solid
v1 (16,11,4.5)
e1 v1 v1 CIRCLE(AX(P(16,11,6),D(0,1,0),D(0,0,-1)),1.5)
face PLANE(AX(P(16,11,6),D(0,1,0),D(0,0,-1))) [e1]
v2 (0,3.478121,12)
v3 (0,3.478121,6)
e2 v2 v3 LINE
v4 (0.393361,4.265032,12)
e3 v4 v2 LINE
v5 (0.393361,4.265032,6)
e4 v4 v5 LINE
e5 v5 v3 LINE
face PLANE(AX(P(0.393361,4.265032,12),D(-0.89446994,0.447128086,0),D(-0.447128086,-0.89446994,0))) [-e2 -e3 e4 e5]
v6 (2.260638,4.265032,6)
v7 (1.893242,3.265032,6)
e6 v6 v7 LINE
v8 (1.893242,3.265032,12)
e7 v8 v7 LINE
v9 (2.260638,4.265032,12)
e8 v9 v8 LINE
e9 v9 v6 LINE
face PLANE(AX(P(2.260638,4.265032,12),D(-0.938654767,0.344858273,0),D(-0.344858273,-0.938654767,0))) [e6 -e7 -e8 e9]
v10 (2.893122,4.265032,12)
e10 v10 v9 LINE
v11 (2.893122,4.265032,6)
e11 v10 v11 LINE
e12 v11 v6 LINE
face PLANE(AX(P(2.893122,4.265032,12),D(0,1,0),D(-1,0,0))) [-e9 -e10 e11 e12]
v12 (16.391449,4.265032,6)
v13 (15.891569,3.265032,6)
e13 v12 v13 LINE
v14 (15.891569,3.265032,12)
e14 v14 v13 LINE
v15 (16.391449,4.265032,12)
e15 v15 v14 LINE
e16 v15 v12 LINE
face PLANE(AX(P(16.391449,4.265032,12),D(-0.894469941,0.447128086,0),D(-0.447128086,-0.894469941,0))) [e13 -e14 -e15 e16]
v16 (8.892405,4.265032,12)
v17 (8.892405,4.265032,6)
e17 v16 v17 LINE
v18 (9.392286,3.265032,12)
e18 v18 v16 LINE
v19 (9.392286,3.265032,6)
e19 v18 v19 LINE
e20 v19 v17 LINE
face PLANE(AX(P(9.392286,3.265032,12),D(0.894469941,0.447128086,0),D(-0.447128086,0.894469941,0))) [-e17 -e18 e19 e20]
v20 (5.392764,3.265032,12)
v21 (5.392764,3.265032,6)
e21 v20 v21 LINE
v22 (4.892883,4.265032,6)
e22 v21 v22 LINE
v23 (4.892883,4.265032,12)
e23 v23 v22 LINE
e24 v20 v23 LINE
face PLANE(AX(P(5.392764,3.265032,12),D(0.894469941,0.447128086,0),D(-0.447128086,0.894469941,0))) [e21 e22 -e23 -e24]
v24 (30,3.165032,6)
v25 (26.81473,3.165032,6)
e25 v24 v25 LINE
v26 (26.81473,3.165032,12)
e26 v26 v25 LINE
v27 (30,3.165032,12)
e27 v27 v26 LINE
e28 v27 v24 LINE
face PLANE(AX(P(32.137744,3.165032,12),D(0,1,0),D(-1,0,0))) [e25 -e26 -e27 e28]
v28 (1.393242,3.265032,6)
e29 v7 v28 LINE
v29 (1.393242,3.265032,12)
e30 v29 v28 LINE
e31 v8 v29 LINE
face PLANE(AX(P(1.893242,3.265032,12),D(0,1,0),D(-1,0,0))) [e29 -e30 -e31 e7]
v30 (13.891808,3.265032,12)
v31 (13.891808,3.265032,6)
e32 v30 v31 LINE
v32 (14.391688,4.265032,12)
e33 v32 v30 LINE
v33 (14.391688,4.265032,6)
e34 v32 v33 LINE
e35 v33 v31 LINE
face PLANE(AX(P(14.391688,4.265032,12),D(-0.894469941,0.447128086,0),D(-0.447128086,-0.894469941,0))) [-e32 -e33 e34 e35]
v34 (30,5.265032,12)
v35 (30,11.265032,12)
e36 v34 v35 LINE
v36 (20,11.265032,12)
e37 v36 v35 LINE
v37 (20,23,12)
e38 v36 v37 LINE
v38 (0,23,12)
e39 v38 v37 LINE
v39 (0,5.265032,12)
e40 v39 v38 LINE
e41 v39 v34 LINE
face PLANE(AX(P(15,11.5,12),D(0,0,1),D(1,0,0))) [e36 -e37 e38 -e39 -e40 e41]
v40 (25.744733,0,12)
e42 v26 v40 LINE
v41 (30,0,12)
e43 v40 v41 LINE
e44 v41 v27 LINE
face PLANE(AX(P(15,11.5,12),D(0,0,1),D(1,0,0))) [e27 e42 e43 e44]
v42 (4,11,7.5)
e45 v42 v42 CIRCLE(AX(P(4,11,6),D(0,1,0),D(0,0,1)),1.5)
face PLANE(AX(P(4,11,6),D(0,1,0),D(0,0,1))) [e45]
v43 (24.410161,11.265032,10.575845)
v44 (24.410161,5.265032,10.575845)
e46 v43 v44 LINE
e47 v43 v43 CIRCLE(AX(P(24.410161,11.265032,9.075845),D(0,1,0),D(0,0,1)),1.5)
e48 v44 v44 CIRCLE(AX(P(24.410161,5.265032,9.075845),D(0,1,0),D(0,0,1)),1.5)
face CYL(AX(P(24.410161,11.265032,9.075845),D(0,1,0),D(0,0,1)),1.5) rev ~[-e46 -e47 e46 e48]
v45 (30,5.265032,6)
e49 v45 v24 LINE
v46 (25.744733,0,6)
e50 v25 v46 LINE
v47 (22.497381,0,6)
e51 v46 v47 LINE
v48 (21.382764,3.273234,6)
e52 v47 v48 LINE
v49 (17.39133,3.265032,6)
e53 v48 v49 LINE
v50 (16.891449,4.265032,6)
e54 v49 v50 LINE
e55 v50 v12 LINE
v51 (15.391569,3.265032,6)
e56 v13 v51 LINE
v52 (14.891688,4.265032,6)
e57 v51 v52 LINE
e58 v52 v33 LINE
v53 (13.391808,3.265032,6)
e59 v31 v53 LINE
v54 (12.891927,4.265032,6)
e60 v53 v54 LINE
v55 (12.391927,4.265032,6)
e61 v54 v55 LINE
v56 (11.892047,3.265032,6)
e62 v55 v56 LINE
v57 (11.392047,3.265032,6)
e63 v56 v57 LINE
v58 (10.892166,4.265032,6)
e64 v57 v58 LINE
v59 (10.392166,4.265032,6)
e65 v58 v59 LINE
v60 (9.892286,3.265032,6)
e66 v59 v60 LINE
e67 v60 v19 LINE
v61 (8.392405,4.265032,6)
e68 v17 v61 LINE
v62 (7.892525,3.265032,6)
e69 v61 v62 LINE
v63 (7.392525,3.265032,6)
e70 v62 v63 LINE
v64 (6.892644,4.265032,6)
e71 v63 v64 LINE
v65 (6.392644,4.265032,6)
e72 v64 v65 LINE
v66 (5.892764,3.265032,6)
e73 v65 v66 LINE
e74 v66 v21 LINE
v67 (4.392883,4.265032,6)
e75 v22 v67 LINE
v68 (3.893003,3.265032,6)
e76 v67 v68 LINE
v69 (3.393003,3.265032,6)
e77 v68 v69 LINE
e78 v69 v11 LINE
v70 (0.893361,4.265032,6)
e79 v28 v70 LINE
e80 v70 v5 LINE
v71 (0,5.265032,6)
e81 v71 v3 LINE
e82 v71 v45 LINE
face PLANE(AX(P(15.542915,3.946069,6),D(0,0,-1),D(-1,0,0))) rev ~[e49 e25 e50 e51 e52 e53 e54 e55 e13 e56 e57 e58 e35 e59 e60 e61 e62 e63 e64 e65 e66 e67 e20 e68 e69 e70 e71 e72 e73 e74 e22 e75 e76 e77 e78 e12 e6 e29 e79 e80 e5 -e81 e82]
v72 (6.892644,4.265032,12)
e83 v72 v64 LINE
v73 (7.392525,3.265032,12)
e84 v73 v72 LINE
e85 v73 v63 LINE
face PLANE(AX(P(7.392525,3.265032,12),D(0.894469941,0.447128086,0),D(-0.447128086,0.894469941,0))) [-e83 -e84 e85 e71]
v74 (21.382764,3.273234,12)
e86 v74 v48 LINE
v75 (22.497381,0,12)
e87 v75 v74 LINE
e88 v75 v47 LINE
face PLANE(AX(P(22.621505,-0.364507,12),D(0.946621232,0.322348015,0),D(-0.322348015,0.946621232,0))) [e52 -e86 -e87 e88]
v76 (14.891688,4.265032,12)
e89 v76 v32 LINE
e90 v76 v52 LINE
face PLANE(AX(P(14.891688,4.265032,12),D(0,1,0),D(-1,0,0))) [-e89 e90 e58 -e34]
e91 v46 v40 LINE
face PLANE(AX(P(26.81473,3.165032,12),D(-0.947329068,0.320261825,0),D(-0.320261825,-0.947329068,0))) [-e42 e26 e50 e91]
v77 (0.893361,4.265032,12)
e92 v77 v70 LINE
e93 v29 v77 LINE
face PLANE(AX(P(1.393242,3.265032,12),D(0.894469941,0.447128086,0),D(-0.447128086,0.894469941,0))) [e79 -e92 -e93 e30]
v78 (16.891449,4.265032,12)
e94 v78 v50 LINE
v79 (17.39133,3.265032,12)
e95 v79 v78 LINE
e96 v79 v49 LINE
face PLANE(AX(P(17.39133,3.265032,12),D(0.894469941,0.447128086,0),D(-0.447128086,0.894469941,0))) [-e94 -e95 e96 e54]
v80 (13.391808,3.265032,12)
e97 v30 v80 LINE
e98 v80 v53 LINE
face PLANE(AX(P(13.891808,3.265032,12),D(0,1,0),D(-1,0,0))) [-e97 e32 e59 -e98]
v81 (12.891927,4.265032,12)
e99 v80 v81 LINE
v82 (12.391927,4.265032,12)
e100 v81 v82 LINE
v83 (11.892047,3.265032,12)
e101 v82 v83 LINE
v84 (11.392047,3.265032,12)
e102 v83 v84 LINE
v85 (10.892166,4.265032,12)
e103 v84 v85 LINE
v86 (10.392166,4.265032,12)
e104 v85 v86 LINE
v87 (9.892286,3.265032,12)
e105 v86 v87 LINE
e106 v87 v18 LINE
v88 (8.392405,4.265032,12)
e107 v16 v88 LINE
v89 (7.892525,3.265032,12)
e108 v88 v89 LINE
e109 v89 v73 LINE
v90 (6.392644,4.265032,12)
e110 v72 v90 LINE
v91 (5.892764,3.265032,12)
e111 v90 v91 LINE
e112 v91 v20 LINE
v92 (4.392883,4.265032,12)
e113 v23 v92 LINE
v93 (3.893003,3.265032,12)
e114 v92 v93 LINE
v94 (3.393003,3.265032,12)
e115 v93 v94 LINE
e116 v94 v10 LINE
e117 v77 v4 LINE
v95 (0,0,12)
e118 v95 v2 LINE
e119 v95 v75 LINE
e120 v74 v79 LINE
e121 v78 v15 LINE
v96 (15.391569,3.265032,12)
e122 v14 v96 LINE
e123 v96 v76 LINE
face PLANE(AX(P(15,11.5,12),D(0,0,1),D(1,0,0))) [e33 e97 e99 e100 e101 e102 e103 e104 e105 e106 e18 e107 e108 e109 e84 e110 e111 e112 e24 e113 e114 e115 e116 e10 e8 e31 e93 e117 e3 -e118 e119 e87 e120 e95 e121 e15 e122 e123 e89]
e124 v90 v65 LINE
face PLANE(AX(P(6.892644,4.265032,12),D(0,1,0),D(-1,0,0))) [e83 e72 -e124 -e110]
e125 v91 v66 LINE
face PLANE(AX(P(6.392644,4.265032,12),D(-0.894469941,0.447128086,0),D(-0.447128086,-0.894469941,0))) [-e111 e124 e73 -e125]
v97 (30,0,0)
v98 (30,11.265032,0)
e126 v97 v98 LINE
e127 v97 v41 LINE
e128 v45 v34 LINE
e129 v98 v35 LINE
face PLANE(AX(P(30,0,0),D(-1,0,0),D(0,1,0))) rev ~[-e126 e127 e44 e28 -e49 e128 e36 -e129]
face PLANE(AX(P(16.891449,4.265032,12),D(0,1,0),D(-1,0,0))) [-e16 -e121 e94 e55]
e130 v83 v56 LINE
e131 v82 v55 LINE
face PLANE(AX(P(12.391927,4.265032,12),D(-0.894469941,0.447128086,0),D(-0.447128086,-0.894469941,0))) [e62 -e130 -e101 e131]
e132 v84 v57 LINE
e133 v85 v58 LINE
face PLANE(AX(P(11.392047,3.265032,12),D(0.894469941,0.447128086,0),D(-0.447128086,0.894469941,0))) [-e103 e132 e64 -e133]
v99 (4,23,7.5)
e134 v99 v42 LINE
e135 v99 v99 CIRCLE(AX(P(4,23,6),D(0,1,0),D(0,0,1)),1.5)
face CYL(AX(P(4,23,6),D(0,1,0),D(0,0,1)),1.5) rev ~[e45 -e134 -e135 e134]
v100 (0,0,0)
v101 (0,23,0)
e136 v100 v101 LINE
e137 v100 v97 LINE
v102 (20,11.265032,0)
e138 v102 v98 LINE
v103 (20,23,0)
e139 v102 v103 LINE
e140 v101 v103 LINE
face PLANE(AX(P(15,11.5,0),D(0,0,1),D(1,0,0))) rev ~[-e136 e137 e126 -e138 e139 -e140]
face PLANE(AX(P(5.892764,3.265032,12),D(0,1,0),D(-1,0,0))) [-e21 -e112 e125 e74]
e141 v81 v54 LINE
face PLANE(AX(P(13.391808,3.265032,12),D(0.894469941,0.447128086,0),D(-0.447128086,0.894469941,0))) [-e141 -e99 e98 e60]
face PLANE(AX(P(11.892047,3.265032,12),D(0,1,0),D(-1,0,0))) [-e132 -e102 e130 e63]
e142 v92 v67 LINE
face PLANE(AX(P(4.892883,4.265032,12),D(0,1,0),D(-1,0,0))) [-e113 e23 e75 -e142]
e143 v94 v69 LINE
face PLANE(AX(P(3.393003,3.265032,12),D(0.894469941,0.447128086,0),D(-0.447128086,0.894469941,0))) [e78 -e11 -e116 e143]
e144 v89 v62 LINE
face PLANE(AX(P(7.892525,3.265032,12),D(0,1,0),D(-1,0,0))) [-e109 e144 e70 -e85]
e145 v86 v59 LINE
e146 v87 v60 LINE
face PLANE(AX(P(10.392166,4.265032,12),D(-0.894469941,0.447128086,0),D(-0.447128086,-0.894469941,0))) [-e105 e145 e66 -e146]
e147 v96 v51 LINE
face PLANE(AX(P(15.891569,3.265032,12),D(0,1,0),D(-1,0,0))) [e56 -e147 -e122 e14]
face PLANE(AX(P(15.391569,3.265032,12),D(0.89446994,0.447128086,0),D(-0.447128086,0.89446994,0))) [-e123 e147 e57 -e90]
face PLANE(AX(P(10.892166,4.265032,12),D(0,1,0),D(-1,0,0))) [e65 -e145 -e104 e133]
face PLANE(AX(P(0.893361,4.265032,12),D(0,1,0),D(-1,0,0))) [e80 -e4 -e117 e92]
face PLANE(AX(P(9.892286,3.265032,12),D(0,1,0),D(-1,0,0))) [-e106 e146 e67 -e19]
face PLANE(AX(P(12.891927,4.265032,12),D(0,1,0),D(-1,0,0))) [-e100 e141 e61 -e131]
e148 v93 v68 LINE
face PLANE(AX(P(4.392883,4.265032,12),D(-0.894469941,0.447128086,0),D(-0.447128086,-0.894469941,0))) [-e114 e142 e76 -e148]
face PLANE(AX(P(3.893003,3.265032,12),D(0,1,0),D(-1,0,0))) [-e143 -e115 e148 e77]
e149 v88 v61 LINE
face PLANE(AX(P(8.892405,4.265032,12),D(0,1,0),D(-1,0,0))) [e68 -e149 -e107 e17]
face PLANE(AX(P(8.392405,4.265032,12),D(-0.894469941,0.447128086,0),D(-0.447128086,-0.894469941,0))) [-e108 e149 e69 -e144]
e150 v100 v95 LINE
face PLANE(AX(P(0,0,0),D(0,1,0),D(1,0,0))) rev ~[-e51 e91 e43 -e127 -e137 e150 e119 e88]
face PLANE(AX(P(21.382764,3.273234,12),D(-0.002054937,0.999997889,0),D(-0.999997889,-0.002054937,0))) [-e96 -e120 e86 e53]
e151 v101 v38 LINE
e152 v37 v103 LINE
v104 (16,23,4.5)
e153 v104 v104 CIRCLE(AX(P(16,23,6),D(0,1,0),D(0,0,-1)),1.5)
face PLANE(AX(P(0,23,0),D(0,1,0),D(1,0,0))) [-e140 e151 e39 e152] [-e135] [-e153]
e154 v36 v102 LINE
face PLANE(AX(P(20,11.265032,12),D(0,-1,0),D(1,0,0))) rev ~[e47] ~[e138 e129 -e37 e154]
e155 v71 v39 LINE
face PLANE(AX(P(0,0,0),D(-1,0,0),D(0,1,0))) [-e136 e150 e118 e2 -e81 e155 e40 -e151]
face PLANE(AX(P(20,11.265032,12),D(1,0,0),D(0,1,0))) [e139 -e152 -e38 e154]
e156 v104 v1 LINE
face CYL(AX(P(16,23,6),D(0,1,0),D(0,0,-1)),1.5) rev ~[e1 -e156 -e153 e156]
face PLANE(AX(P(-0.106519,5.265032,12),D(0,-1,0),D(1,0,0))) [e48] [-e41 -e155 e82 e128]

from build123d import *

# Parameters (mm, degrees)
SKETCH_2_W          = 30
SKETCH_2_H          = 23
EXTRUDE_1_DEPTH     = 12
CUT_EXTRUDE_1_DEPTH = 6
SKETCH_4_W          = 15.467270909
SKETCH_4_H          = 13.987209034
CUT_EXTRUDE_2_DEPTH = 40.66106403
SKETCH_5_R          = 1.5
CUT_EXTRUDE_3_DEPTH = 8
SKETCH_6_R          = 1.5
CUT_EXTRUDE_4_DEPTH = 12


with BuildPart() as part:
    # 草图2 → 凸台-拉伸1 (new body)
    with BuildSketch(Plane.XY):
        with Locations((15, 11.5)):
            Rectangle(SKETCH_2_W, SKETCH_2_H)
    extrude(amount=EXTRUDE_1_DEPTH)

    # 草图3 → 切除-拉伸1 (cut)
    with BuildSketch(Plane.XY.offset(12)):
        Polygon((-0.106519248, 5.265031781), (32.137743655, 5.265031781), (32.137743655, 3.165031781), (26.814729775, 3.165031781), (25.621504988, -0.36450698), (22.621504988, -0.36450698), (21.382763952, 3.273233944), (17.391329844, 3.265031781), (16.891449339, 4.265031781), (16.391449339, 4.265031781), (15.891568834, 3.265031781), (15.391568834, 3.265031781), (14.891688328, 4.265031781), (14.391688328, 4.265031781), (13.891807823, 3.265031781), (13.391807823, 3.265031781), (12.891927318, 4.265031781), (12.391927318, 4.265031781), (11.892046813, 3.265031781), (11.392046813, 3.265031781), (10.892166308, 4.265031781), (10.392166308, 4.265031781), (9.892285803, 3.265031781), (9.392285803, 3.265031781), (8.892405298, 4.265031781), (8.392405298, 4.265031781), (7.892524793, 3.265031781), (7.392524793, 3.265031781), (6.892644288, 4.265031781), (6.392644288, 4.265031781), (5.892763783, 3.265031781), (5.392763783, 3.265031781), (4.892883278, 4.265031781), (4.392883278, 4.265031781), (3.893002773, 3.265031781), (3.393002773, 3.265031781), (2.893122268, 4.265031781), (2.260638047, 4.265031781), (1.893241763, 3.265031781), (1.393241763, 3.265031781), (0.893361258, 4.265031781), (0.393361258, 4.265031781), (-0.106519248, 3.265031781), align=None)
    extrude(amount=-CUT_EXTRUDE_1_DEPTH, mode=Mode.SUBTRACT)

    # 草图4 → 切除-拉伸2 (cut, through all)
    with BuildSketch(Plane.XY.offset(12)):
        with Locations((27.733635454, 18.258636298)):
            Rectangle(SKETCH_4_W, SKETCH_4_H)
    extrude(amount=-CUT_EXTRUDE_2_DEPTH, mode=Mode.SUBTRACT)

    # 草图5 → 切除-拉伸3 (cut)
    with BuildSketch(Plane(origin=(0, 11.265031781, 0), x_dir=(1, 0, 0), z_dir=(0, 1, 0))):
        with Locations(Location((24.410160755, -9.07584536, 0), (0, 0, 270))):
            Circle(SKETCH_5_R)
    extrude(amount=-CUT_EXTRUDE_3_DEPTH, mode=Mode.SUBTRACT)

    # 草图6 → 切除-拉伸4 (cut)
    with BuildSketch(Plane(origin=(0, 23, 0), x_dir=(1, 0, 0), z_dir=(0, 1, 0))):
        with Locations(Location((4, -6, 0), (0, 0, 270))):
            Circle(SKETCH_6_R)
        with Locations(Location((16, -6, 0), (0, 0, 90))):
            Circle(SKETCH_6_R)
    extrude(amount=-CUT_EXTRUDE_4_DEPTH, mode=Mode.SUBTRACT)


solid = part.part
